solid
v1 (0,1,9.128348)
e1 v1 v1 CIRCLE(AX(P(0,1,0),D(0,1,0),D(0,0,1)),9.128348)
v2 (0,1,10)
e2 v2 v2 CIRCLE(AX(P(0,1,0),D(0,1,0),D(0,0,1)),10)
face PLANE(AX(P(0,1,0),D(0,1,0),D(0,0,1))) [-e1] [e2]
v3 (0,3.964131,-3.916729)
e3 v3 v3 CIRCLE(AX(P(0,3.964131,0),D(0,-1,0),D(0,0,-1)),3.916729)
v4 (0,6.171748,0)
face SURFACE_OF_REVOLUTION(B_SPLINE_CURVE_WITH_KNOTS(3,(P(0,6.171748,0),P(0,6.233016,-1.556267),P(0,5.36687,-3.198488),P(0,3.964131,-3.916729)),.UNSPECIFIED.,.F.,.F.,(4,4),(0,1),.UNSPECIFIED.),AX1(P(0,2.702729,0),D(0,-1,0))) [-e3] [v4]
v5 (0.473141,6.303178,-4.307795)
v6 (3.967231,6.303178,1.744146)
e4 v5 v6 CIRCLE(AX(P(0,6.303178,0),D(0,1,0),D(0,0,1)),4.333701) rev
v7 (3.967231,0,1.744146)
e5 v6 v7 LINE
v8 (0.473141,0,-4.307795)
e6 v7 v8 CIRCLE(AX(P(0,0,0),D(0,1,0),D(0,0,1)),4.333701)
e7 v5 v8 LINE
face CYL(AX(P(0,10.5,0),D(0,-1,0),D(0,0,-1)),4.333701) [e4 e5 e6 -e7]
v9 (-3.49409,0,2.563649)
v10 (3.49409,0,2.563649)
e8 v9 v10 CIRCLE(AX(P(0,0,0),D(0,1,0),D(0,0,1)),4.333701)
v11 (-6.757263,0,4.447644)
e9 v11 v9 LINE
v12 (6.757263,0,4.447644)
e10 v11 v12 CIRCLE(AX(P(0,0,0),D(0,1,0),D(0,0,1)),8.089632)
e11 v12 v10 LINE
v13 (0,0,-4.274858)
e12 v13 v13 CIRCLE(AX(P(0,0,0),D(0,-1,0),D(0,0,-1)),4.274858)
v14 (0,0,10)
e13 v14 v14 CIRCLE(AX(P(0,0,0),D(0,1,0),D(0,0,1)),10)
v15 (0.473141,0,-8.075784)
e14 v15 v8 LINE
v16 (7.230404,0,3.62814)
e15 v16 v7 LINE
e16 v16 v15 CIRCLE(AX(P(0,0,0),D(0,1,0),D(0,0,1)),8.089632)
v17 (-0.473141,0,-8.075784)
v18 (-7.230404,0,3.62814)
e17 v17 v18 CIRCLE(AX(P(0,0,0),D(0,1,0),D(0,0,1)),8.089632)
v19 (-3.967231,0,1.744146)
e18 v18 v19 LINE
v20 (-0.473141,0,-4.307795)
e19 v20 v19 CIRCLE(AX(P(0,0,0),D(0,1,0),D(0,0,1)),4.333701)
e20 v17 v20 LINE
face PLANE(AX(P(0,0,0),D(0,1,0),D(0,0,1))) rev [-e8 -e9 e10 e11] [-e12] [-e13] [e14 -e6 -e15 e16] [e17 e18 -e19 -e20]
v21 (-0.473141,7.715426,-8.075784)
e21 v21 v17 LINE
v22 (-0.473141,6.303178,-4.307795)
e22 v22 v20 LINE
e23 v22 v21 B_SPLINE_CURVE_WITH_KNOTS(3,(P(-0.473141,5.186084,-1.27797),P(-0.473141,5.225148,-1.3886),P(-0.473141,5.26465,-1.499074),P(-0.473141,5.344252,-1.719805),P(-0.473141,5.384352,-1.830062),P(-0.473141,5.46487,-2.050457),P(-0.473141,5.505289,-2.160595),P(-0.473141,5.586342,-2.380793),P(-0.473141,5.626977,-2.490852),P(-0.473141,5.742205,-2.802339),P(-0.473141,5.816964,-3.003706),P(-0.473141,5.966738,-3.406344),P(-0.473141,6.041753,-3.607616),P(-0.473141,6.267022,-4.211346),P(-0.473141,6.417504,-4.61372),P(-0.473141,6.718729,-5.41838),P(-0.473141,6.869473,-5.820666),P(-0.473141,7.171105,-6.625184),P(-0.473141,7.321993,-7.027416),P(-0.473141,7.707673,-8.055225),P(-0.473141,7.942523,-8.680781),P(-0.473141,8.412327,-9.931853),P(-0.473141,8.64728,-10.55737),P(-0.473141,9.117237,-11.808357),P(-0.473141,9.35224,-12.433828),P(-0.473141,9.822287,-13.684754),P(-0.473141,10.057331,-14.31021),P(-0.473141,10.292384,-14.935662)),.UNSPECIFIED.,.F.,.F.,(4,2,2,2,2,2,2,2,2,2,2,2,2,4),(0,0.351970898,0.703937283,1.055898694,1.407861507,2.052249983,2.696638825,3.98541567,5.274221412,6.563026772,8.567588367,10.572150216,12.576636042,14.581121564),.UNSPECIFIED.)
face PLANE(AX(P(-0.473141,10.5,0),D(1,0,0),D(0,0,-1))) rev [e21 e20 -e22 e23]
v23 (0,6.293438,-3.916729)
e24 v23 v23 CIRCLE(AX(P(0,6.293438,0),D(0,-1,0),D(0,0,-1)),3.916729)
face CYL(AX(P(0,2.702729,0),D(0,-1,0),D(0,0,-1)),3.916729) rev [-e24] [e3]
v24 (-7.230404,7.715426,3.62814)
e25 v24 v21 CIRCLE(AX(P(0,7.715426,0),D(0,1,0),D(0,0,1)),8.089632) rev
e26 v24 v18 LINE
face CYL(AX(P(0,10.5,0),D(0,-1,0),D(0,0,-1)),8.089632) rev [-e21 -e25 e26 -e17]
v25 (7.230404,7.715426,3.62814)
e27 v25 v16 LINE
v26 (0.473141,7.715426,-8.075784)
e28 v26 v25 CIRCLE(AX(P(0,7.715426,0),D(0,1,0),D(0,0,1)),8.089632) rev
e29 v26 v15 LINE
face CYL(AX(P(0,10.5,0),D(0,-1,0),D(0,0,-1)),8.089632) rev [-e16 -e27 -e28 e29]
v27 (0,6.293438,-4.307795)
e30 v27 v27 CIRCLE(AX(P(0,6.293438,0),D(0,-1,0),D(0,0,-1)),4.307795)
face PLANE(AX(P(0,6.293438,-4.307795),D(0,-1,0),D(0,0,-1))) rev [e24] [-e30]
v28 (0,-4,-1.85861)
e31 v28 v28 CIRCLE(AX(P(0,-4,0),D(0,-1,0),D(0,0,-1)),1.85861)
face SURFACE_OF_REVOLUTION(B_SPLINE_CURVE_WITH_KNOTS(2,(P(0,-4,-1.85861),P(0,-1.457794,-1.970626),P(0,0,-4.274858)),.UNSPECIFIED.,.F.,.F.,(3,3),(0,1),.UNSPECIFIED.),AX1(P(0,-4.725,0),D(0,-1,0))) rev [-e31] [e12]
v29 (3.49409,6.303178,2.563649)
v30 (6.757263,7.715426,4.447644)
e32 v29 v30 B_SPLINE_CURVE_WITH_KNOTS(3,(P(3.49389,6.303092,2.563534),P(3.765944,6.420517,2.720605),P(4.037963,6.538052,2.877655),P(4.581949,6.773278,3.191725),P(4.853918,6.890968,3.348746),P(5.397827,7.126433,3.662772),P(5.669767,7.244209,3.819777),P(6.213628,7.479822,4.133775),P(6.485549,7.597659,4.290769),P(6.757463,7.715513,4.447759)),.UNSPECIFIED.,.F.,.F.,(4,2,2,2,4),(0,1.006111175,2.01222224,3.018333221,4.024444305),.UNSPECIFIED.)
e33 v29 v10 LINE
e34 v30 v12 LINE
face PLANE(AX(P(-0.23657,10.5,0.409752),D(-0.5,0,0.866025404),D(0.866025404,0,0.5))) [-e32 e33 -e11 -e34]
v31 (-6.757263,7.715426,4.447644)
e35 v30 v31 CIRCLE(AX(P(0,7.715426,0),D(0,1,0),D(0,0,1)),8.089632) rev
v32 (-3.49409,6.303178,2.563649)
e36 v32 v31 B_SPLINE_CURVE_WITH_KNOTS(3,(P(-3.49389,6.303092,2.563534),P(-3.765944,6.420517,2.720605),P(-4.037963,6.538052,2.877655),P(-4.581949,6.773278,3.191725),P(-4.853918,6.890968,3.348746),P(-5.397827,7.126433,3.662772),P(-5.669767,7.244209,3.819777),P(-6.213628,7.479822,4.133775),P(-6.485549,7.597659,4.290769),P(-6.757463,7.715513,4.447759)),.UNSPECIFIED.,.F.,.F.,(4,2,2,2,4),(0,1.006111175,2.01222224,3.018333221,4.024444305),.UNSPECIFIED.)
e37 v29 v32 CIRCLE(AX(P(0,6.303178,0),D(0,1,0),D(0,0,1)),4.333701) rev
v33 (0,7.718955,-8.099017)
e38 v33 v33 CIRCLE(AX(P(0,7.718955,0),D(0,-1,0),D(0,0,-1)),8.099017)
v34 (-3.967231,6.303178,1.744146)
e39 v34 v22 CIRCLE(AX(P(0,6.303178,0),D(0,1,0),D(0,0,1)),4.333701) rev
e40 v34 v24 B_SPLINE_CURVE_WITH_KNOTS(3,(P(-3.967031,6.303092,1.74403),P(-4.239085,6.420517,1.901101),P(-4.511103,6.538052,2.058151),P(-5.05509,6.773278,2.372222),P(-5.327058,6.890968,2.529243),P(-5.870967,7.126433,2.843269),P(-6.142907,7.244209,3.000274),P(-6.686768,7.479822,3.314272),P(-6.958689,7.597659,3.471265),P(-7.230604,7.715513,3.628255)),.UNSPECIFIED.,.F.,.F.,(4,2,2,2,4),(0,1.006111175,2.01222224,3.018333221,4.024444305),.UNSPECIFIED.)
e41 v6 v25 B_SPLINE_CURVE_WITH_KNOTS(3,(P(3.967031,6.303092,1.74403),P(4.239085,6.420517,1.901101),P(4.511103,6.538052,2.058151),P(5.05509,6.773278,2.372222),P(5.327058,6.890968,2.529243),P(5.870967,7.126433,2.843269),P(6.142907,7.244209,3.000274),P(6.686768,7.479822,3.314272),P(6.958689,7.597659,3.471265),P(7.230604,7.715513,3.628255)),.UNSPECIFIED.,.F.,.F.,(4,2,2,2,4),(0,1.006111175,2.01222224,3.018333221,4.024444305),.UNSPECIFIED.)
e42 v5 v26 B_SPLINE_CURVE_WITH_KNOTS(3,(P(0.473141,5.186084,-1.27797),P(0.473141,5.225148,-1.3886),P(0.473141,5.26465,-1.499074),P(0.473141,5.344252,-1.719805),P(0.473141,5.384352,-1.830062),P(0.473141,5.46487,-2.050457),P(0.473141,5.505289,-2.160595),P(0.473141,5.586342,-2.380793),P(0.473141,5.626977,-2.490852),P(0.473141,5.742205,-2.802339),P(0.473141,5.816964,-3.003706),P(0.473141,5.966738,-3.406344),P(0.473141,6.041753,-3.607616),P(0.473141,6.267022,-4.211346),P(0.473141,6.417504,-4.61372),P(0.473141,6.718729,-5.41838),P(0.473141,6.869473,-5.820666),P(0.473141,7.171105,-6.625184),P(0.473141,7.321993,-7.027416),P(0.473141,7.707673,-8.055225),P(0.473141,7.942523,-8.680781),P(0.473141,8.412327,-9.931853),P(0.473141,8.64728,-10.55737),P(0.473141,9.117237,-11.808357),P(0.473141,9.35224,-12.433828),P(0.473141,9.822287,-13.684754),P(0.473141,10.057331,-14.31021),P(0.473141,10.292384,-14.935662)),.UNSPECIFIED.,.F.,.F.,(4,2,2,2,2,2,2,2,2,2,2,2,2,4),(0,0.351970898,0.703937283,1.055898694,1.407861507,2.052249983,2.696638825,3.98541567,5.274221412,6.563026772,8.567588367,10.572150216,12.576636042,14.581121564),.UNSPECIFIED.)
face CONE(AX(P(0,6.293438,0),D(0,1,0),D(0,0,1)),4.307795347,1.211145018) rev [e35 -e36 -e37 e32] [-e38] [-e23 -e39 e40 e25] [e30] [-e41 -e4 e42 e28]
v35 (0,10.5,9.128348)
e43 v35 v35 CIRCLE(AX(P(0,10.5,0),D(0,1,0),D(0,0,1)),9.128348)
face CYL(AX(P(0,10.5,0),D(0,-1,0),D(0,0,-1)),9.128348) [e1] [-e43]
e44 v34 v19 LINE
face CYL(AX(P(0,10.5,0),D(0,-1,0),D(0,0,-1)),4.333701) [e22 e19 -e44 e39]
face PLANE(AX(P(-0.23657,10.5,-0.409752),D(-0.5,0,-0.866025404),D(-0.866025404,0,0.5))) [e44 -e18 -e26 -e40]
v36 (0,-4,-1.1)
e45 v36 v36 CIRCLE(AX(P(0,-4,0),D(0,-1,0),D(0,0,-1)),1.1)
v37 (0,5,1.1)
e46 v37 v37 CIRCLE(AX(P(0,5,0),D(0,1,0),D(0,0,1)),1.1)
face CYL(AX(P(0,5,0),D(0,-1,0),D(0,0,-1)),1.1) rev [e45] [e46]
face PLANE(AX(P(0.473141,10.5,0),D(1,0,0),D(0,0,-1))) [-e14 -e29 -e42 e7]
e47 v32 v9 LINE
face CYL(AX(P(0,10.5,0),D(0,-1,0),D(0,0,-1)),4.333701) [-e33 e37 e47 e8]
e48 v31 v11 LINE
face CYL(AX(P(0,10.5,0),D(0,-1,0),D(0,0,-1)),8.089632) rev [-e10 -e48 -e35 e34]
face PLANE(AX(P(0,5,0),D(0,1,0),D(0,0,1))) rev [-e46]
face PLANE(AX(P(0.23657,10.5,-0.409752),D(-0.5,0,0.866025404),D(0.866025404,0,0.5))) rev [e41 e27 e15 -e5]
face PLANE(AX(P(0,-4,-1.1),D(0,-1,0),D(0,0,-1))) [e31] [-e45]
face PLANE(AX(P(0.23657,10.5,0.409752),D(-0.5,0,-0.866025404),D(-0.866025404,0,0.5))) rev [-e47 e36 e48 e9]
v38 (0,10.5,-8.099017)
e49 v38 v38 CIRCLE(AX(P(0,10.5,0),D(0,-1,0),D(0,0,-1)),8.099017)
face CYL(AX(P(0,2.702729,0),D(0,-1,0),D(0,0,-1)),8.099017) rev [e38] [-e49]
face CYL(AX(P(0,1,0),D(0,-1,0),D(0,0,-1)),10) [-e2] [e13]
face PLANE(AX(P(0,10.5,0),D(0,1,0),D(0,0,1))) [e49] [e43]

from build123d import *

# Parameters (mm, degrees)
SKETCH_1_R          = 10
SKETCH_1_R_2        = 9.128348481
EXTRUDE_2_DEPTH     = 1
SKETCH_1_4_R        = 9.128348481
EXTRUDE_4_DEPTH     = 10.5
SKETCH_1_5_R        = 1.1
CUT_EXTRUDE_1_DEPTH = 5


with BuildPart() as part:
    # 草图1 → 凸台-拉伸2 (new body)
    with BuildSketch(Plane(origin=(0, 0, 0), x_dir=(1, 0, 0), z_dir=(0, 1, 0))):
        Circle(SKETCH_1_R)
        Circle(SKETCH_1_R_2, mode=Mode.SUBTRACT)
    extrude(amount=EXTRUDE_2_DEPTH)

    # 草图1<4> → 凸台-拉伸4 (add)
    with BuildSketch(Plane(origin=(0, 0, 0), x_dir=(1, 0, 0), z_dir=(0, 1, 0))):
        Circle(SKETCH_1_4_R)
        with BuildLine():
            Line((0.473140602, 4.307795347), (0.473140602, 8.075783591))
            ThreePointArc((0.473140602, 8.075783591), (7.005826645, 4.044815899), (7.230404046, -3.628140015))
            Line((7.230404046, -3.628140015), (3.967230505, -1.744145892))
            ThreePointArc((3.967230505, -1.744145892), (3.753095001, 2.166850409), (0.473140602, 4.307795347))
        make_face(mode=Mode.SUBTRACT)
        with BuildLine():
            Line((-0.473140602, 8.075783591), (-0.473140602, 4.307795347))
            ThreePointArc((-0.473140602, 4.307795347), (-3.753095001, 2.166850409), (-3.967230505, -1.744145892))
            Line((-3.967230505, -1.744145892), (-7.230404046, -3.628140015))
            ThreePointArc((-7.230404046, -3.628140015), (-7.005826645, 4.044815899), (-0.473140602, 8.075783591))
        make_face(mode=Mode.SUBTRACT)
        with BuildLine():
            Line((-6.757263444, -4.447643576), (-3.494089903, -2.563649454))
            ThreePointArc((-3.494089903, -2.563649454), (0, -4.333700818), (3.494089903, -2.563649454))
            Line((3.494089903, -2.563649454), (6.757263444, -4.447643576))
            ThreePointArc((6.757263444, -4.447643576), (0, -8.089631799), (-6.757263444, -4.447643576))
        make_face(mode=Mode.SUBTRACT)
    extrude(amount=EXTRUDE_4_DEPTH)

    # 草图2 → 切除-旋转1 (revolve, cut)
    with BuildSketch(Plane(origin=(0, 0, 0), x_dir=(0, 0, -1), z_dir=(1, 0, 0))):
        with BuildLine():
            Line((8.099016848, 10.5), (8.099016848, 7.718955254))
            Line((8.099016848, 7.718955254), (4.307795347, 6.293437734))
            Line((4.307795347, 6.293437734), (3.916728598, 6.293437734))
            Line((3.916728598, 6.293437734), (3.916728598, 3.964130755))
            add(Edge.make_bspline(
                [(3.916728598, 3.964130755), (3.198487501, 5.366870317), (1.55626671, 6.233016223), (0, 6.17174819)],
                knots=[0, 0, 0, 0, 1, 1, 1, 1], degree=3))
            Line((0, 6.17174819), (0, 6.293437734))
            Line((0, 6.293437734), (0, 10.5))
            Line((0, 10.5), (8.099016848, 10.5))
        make_face()
    revolve(axis=Axis((0, 2.702728724, 0), (0, 1, 0)), mode=Mode.SUBTRACT)

    # 草图1<5> → 切除-拉伸1 (cut)
    with BuildSketch(Plane(origin=(0, 0, 0), x_dir=(1, 0, 0), z_dir=(0, 1, 0))):
        Circle(SKETCH_1_5_R)
    extrude(amount=CUT_EXTRUDE_1_DEPTH, mode=Mode.SUBTRACT)

    # 草图3 → 旋转1 (revolve)
    with BuildSketch(Plane(origin=(0, 0, 0), x_dir=(0, 0, -1), z_dir=(1, 0, 0))):
        with BuildLine():
            Line((1.1, 0), (1.1, -4))
            Line((1.1, -4), (1.858610419, -4))
            add(Edge.make_bspline(
                [(1.858610419, -4), (1.970625951, -1.457794417), (4.274857556, 0)],
                knots=[0, 0, 0, 1, 1, 1], degree=2))
            Line((4.274857556, 0), (1.1, 0))
        make_face()
    revolve(axis=Axis((0, -4.725, 0), (0, 1, 0)))


solid = part.part
